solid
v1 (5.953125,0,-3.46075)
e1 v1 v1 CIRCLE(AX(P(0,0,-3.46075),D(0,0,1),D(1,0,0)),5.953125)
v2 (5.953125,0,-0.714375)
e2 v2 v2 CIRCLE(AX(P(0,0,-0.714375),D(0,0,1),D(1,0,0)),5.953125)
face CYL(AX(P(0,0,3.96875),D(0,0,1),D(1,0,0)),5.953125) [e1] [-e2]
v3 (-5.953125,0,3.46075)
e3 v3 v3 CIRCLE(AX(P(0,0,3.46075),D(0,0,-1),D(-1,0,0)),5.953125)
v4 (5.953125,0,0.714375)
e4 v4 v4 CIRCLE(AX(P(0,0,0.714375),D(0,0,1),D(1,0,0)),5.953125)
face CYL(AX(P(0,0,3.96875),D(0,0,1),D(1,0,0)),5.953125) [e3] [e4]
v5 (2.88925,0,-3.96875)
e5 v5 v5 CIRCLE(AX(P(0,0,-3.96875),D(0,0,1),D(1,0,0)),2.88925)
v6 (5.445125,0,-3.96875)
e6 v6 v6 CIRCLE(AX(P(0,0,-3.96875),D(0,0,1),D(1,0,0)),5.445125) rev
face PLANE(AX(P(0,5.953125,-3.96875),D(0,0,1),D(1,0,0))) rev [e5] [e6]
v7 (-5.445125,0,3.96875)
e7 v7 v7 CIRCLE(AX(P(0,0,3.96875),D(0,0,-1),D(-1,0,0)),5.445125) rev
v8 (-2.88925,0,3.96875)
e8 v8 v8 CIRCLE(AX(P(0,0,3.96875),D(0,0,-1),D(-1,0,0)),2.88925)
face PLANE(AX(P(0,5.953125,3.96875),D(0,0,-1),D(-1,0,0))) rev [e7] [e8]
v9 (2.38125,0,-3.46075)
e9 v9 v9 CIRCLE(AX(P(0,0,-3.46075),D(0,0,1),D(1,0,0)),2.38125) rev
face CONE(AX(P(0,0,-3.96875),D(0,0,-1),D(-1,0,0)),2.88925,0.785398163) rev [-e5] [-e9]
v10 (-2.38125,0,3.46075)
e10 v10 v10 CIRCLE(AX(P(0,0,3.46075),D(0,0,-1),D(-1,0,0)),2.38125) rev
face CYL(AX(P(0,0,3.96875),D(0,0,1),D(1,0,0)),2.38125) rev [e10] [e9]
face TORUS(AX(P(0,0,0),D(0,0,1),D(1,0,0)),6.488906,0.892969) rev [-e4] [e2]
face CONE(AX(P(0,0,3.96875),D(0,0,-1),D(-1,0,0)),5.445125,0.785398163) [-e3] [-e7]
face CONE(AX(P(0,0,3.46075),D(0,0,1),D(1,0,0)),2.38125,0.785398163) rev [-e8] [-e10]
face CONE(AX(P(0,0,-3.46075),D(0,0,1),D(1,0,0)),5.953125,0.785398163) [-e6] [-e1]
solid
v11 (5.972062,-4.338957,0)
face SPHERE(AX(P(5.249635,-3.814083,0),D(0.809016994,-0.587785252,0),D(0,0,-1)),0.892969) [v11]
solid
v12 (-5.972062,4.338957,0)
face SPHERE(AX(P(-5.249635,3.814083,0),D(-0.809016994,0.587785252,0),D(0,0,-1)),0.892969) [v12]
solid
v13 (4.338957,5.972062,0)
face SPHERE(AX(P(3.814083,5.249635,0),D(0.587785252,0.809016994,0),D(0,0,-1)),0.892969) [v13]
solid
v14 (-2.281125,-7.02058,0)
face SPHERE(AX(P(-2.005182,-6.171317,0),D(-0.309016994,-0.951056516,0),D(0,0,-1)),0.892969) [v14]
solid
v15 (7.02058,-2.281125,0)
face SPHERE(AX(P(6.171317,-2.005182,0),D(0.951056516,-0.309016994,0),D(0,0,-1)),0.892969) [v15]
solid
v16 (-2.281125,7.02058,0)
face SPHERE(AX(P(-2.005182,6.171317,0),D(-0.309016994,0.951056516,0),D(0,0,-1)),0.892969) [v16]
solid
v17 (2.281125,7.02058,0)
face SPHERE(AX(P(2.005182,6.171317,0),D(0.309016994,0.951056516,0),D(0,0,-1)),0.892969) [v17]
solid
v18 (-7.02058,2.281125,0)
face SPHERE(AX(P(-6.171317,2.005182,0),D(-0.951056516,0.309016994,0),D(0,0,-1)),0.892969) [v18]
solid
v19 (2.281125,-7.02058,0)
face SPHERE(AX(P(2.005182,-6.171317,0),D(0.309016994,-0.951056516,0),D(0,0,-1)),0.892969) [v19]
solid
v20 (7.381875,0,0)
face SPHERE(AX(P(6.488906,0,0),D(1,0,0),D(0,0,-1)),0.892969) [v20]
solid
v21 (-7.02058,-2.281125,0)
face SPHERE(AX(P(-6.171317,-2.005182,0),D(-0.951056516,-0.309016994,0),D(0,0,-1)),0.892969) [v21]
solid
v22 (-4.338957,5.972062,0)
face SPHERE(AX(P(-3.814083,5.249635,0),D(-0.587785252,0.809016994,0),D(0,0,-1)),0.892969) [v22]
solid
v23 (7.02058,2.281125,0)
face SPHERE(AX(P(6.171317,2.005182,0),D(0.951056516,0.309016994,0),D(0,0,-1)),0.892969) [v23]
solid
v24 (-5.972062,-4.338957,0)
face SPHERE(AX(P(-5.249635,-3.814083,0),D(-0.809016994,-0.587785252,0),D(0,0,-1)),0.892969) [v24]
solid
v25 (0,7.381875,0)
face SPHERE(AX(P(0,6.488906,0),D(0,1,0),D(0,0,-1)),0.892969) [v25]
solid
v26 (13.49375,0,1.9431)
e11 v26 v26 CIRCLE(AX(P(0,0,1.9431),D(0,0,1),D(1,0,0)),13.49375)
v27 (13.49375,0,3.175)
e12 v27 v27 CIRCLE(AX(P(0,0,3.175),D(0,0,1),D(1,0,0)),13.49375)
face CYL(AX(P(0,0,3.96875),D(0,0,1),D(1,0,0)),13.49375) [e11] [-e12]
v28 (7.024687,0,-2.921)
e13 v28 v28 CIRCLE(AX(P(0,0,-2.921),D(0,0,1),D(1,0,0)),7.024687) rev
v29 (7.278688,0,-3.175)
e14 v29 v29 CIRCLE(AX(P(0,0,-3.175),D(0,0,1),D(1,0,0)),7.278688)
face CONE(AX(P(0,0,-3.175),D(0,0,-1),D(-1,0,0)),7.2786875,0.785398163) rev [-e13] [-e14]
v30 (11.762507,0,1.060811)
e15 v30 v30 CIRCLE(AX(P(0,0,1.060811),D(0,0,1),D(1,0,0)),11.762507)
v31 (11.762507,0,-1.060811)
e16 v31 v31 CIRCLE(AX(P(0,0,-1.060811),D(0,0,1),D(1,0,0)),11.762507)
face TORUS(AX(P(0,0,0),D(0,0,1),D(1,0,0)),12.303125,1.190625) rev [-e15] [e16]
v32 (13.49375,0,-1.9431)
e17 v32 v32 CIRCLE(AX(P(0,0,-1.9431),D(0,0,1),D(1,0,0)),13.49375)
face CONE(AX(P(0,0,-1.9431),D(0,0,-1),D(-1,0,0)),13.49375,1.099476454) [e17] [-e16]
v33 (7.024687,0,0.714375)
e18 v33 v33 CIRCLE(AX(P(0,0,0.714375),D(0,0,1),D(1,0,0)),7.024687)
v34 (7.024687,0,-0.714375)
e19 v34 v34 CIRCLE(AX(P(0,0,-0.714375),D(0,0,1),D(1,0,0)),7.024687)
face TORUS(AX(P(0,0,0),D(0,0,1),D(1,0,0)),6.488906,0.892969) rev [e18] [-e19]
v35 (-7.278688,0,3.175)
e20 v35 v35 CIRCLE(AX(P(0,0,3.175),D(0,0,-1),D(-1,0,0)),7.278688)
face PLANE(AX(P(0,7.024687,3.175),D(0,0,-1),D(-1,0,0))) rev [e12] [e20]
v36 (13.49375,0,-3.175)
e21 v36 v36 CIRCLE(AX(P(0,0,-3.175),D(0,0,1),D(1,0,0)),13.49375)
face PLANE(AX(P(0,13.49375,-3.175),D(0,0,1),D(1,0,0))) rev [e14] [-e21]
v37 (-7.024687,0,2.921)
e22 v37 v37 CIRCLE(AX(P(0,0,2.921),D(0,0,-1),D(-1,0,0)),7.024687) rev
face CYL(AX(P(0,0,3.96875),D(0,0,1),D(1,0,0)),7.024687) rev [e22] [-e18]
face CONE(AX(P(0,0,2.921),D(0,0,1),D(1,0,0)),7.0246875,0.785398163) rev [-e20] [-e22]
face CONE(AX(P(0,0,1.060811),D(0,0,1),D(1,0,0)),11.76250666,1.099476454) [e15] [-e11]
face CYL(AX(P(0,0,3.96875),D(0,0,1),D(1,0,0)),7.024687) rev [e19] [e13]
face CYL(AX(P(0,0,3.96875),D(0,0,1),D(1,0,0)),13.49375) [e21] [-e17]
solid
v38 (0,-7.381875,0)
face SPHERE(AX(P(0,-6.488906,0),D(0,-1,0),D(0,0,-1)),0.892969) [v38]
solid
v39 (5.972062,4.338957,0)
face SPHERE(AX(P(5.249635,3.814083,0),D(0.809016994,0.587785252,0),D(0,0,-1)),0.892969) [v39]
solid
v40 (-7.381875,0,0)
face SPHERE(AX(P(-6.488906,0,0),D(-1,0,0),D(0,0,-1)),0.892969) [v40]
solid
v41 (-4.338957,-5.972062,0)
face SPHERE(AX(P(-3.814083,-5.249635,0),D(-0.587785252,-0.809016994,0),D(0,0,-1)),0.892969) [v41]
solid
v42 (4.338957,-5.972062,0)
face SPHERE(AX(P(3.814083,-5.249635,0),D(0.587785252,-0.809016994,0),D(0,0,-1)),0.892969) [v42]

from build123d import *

# Parameters (mm, degrees)
CIRPATTERN1_COUNT = 20
CHAMFER1_SIZE     = 0.508
CHAMFER2_SIZE     = 0.254


with BuildPart() as part:
    # Sketch1 → Revolve1 (revolve)
    with BuildSketch(Plane(origin=(0, 0, 0), x_dir=(0, 0, -1), z_dir=(1, 0, 0))):
        with BuildLine():
            Line((1.9431, 13.49375), (3.175, 13.49375))
            Line((3.175, 13.49375), (3.175, 7.0246875))
            Line((3.175, 7.0246875), (0.714375, 7.0246875))
            ThreePointArc((0.714375, 7.0246875), (0, 7.381875), (-0.714375, 7.0246875))
            Line((-0.714375, 7.0246875), (-3.175, 7.0246875))
            Line((-3.175, 7.0246875), (-3.175, 13.49375))
            Line((-3.175, 13.49375), (-1.9431, 13.49375))
            Line((-1.9431, 13.49375), (-1.06081087, 11.76250666))
            ThreePointArc((-1.06081087, 11.76250666), (0, 11.1125), (1.06081087, 11.76250666))
            Line((1.06081087, 11.76250666), (1.9431, 13.49375))
        make_face()
        with BuildLine():
            Line((3.96875, 2.38125), (-3.96875, 2.38125))
            Line((-3.96875, 2.38125), (-3.96875, 5.953125))
            Line((-3.96875, 5.953125), (-0.714375, 5.953125))
            ThreePointArc((-0.714375, 5.953125), (0, 5.5959375), (0.714375, 5.953125))
            Line((0.714375, 5.953125), (3.96875, 5.953125))
            Line((3.96875, 5.953125), (3.96875, 2.38125))
        make_face()
    revolve(axis=Axis((0, 0, 3.96875), (0, 0, -1)))

    # Chamfer1
    chamfer1_edges = [part.edges().sort_by_distance(p)[0] for p in [
        (0, -5.953125, 3.96875),
        (0, -5.953125, -3.96875),
        (0, -2.38125, -3.96875),
        (0, -2.38125, 3.96875),
    ]]
    chamfer(chamfer1_edges, length=CHAMFER1_SIZE)

    # Chamfer2
    chamfer2_edges = [part.edges().sort_by_distance(p)[0] for p in [
        (0, -7.0246875, -3.175),
        (0, -7.0246875, 3.175),
    ]]
    chamfer(chamfer2_edges, length=CHAMFER2_SIZE)


with BuildPart() as body_2:
    # Sketch2 → Revolve2 (revolve)
    with BuildSketch(Plane(origin=(0, 0, 0), x_dir=(0, 0, -1), z_dir=(1, 0, 0))):
        with BuildLine():
            Line((0, 7.381875), (0, 5.5959375))
            ThreePointArc((0, 5.5959375), (0.89296875, 6.48890625), (0, 7.381875))
        make_face()
    revolve(axis=Axis((0, 7.381875, 0), (0, -1, 0)))


with BuildPart() as cirpattern1_1:
    # CirPattern1: pattern copy
    add(body_2.part.rotate(Axis((0, 0, 0), (0, 0, 1)), 1 * 360 / CIRPATTERN1_COUNT))


with BuildPart() as cirpattern1_2:
    # CirPattern1: pattern copy
    add(body_2.part.rotate(Axis((0, 0, 0), (0, 0, 1)), 2 * 360 / CIRPATTERN1_COUNT))


with BuildPart() as cirpattern1_3:
    # CirPattern1: pattern copy
    add(body_2.part.rotate(Axis((0, 0, 0), (0, 0, 1)), 3 * 360 / CIRPATTERN1_COUNT))


with BuildPart() as cirpattern1_4:
    # CirPattern1: pattern copy
    add(body_2.part.rotate(Axis((0, 0, 0), (0, 0, 1)), 4 * 360 / CIRPATTERN1_COUNT))


with BuildPart() as cirpattern1_5:
    # CirPattern1: pattern copy
    add(body_2.part.rotate(Axis((0, 0, 0), (0, 0, 1)), 5 * 360 / CIRPATTERN1_COUNT))


with BuildPart() as cirpattern1_6:
    # CirPattern1: pattern copy
    add(body_2.part.rotate(Axis((0, 0, 0), (0, 0, 1)), 6 * 360 / CIRPATTERN1_COUNT))


with BuildPart() as cirpattern1_7:
    # CirPattern1: pattern copy
    add(body_2.part.rotate(Axis((0, 0, 0), (0, 0, 1)), 7 * 360 / CIRPATTERN1_COUNT))


with BuildPart() as cirpattern1_8:
    # CirPattern1: pattern copy
    add(body_2.part.rotate(Axis((0, 0, 0), (0, 0, 1)), 8 * 360 / CIRPATTERN1_COUNT))


with BuildPart() as cirpattern1_9:
    # CirPattern1: pattern copy
    add(body_2.part.rotate(Axis((0, 0, 0), (0, 0, 1)), 9 * 360 / CIRPATTERN1_COUNT))


with BuildPart() as cirpattern1_10:
    # CirPattern1: pattern copy
    add(body_2.part.rotate(Axis((0, 0, 0), (0, 0, 1)), 10 * 360 / CIRPATTERN1_COUNT))


with BuildPart() as cirpattern1_11:
    # CirPattern1: pattern copy
    add(body_2.part.rotate(Axis((0, 0, 0), (0, 0, 1)), 11 * 360 / CIRPATTERN1_COUNT))


with BuildPart() as cirpattern1_12:
    # CirPattern1: pattern copy
    add(body_2.part.rotate(Axis((0, 0, 0), (0, 0, 1)), 12 * 360 / CIRPATTERN1_COUNT))


with BuildPart() as cirpattern1_13:
    # CirPattern1: pattern copy
    add(body_2.part.rotate(Axis((0, 0, 0), (0, 0, 1)), 13 * 360 / CIRPATTERN1_COUNT))


with BuildPart() as cirpattern1_14:
    # CirPattern1: pattern copy
    add(body_2.part.rotate(Axis((0, 0, 0), (0, 0, 1)), 14 * 360 / CIRPATTERN1_COUNT))


with BuildPart() as cirpattern1_15:
    # CirPattern1: pattern copy
    add(body_2.part.rotate(Axis((0, 0, 0), (0, 0, 1)), 15 * 360 / CIRPATTERN1_COUNT))


with BuildPart() as cirpattern1_16:
    # CirPattern1: pattern copy
    add(body_2.part.rotate(Axis((0, 0, 0), (0, 0, 1)), 16 * 360 / CIRPATTERN1_COUNT))


with BuildPart() as cirpattern1_17:
    # CirPattern1: pattern copy
    add(body_2.part.rotate(Axis((0, 0, 0), (0, 0, 1)), 17 * 360 / CIRPATTERN1_COUNT))


with BuildPart() as cirpattern1_18:
    # CirPattern1: pattern copy
    add(body_2.part.rotate(Axis((0, 0, 0), (0, 0, 1)), 18 * 360 / CIRPATTERN1_COUNT))


with BuildPart() as cirpattern1_19:
    # CirPattern1: pattern copy
    add(body_2.part.rotate(Axis((0, 0, 0), (0, 0, 1)), 19 * 360 / CIRPATTERN1_COUNT))


solid = Compound([part.part, body_2.part, cirpattern1_1.part, cirpattern1_2.part, cirpattern1_3.part, cirpattern1_4.part, cirpattern1_5.part, cirpattern1_6.part, cirpattern1_7.part, cirpattern1_8.part, cirpattern1_9.part, cirpattern1_10.part, cirpattern1_11.part, cirpattern1_12.part, cirpattern1_13.part, cirpattern1_14.part, cirpattern1_15.part, cirpattern1_16.part, cirpattern1_17.part, cirpattern1_18.part, cirpattern1_19.part])
